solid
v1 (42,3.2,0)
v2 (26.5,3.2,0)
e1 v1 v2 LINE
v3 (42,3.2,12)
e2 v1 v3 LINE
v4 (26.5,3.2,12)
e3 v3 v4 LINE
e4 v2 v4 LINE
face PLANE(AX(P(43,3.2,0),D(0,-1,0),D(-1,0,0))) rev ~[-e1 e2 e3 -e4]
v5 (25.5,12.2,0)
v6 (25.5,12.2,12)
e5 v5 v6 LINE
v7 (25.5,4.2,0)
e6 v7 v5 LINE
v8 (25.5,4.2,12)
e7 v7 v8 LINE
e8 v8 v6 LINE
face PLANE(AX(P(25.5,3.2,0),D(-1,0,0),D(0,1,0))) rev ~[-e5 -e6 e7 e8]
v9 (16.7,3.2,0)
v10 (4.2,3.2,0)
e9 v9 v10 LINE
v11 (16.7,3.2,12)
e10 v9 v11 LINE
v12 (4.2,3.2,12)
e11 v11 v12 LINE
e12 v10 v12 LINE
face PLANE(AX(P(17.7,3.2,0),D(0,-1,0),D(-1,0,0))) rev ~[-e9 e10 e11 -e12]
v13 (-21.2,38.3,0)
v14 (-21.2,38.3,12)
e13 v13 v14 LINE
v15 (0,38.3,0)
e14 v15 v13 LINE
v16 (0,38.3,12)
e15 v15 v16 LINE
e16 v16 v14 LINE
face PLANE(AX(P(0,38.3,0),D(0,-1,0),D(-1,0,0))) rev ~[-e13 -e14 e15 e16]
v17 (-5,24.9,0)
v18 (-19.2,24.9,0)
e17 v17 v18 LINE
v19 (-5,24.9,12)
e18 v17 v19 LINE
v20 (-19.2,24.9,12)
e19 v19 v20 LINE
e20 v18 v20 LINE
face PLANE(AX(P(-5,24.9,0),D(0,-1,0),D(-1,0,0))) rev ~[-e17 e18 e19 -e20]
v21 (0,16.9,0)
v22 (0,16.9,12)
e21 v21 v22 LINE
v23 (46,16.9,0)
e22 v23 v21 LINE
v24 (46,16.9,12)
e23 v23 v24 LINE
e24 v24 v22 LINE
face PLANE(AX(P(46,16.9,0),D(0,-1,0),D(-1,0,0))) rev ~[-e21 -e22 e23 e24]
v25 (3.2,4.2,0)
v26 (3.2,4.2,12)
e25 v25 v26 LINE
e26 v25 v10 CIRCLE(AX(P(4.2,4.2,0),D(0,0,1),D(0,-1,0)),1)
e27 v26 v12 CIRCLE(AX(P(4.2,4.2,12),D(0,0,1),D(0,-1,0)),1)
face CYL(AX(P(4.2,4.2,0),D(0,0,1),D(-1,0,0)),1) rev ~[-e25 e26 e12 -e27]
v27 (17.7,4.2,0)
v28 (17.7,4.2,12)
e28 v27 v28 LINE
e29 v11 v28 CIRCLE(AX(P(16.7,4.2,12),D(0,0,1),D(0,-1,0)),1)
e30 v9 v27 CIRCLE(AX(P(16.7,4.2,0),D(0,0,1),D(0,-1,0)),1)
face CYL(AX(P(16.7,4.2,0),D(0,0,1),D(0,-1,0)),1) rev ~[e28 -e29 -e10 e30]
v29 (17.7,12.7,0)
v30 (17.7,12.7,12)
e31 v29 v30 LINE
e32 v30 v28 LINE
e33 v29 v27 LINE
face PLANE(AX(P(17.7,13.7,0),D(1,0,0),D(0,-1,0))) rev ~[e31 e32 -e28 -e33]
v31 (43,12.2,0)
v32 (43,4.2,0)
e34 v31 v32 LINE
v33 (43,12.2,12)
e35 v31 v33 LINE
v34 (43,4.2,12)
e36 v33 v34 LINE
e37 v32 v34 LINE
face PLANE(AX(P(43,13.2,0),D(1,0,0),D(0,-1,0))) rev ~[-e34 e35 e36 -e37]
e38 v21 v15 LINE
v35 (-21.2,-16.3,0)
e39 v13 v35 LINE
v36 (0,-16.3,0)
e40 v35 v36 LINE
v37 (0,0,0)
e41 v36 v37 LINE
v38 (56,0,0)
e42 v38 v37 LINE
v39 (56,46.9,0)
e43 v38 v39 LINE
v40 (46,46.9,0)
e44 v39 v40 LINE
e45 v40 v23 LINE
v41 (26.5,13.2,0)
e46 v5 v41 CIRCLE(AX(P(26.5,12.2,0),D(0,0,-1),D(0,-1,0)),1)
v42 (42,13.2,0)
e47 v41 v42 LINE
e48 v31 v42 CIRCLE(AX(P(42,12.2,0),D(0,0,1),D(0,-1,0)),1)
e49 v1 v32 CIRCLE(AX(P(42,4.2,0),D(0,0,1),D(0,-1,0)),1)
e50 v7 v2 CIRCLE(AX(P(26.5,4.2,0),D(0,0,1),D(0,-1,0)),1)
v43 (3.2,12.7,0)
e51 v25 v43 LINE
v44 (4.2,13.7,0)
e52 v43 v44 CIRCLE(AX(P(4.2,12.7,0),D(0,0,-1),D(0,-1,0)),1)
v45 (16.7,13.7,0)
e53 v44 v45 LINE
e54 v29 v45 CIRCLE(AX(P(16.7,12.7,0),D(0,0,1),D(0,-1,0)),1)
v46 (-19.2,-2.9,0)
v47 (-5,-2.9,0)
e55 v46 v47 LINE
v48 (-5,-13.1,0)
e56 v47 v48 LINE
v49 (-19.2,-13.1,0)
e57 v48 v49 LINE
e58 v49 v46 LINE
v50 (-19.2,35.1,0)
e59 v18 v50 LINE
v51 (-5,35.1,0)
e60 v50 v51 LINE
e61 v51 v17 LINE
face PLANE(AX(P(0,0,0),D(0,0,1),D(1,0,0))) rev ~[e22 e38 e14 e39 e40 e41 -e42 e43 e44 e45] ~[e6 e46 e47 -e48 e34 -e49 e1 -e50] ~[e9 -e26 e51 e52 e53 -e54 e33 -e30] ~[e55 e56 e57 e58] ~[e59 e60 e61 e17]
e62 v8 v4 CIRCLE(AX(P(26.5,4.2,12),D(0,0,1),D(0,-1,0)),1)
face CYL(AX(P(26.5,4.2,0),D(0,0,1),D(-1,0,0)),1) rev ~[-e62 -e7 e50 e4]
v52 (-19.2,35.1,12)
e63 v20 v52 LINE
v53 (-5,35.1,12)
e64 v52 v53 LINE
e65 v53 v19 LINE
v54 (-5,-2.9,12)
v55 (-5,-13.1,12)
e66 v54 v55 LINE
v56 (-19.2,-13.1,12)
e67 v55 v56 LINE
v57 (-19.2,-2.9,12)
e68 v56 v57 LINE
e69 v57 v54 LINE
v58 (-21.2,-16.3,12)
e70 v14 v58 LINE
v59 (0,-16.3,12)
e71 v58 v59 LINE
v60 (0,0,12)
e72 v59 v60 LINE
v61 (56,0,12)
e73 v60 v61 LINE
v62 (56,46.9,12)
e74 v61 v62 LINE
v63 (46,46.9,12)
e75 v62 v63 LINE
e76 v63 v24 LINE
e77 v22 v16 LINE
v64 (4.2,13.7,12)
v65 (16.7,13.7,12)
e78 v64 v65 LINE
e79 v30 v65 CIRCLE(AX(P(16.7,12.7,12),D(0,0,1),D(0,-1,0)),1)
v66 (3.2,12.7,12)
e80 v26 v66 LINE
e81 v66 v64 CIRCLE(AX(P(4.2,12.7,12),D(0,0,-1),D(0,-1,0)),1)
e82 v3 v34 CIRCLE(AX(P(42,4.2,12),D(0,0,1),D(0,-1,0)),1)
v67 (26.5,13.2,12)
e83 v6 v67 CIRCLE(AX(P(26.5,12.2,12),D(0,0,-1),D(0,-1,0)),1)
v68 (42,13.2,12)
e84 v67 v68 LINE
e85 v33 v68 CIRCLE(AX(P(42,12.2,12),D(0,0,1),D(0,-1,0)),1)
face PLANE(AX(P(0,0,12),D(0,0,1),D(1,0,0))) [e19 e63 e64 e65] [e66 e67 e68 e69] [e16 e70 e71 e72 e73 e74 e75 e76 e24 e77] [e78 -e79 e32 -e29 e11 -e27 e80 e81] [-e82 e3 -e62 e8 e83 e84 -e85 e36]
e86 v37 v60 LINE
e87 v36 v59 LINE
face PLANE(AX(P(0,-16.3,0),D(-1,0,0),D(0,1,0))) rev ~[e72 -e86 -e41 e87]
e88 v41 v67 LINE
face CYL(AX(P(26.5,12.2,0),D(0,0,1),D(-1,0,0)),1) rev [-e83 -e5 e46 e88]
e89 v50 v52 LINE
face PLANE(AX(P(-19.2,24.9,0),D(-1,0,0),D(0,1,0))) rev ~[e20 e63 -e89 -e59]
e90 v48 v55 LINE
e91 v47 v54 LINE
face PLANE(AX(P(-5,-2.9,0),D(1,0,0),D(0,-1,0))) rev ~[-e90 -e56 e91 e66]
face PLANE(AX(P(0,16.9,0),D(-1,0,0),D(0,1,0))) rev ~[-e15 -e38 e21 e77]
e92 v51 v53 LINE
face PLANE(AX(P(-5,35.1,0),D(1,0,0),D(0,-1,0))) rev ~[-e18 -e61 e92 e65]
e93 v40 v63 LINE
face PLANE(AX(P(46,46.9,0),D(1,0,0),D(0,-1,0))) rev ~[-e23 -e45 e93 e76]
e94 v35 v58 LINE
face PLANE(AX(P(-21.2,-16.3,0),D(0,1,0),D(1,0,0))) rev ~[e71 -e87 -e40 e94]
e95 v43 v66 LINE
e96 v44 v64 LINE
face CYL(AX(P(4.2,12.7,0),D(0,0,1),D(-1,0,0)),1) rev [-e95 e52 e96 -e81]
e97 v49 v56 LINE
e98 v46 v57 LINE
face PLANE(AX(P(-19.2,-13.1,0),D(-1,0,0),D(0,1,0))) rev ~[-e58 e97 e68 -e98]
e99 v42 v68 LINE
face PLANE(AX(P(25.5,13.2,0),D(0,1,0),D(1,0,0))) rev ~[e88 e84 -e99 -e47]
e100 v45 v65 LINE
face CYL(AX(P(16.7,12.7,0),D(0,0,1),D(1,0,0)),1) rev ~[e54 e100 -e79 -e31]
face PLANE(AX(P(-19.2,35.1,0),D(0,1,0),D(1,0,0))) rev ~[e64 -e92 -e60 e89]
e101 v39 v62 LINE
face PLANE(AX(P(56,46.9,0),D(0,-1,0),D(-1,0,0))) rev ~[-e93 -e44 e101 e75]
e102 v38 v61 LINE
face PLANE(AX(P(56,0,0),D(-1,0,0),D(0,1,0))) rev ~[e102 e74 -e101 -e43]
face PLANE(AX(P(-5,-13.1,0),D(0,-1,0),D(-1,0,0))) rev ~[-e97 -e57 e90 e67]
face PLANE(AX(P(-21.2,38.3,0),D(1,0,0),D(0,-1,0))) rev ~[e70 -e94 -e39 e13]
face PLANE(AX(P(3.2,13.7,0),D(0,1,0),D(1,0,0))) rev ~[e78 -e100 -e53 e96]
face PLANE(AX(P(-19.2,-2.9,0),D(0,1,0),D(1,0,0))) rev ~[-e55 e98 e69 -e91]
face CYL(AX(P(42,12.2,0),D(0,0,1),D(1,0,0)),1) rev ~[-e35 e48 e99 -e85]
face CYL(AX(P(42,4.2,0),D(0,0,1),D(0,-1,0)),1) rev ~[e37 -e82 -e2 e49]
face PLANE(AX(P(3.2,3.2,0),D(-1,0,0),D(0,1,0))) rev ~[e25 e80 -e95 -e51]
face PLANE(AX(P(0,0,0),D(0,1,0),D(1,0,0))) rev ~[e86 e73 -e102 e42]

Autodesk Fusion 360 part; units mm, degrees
sketch "スケッチ1" plane through (0, 0, 0) normal (0, 0, 1) x (1, 0, 0)
  line L0 (3.2, 13.7) -> (17.7, 13.7)
  line L1 (17.7, 13.7) -> (17.7, 3.2)
  line L2 (17.7, 3.2) -> (3.2, 3.2)
  line L3 (3.2, 3.2) -> (3.2, 13.7)
  line L4 (25.5, 13.2) -> (43, 13.2)
  line L5 (43, 13.2) -> (43, 3.2)
  line L6 (43, 3.2) -> (25.5, 3.2)
  line L7 (25.5, 3.2) -> (25.5, 13.2)
  line L8 (0, 0) -> (46, 0)
  line L9 (46, 0) -> (46, 16.9)
  line L10 (46, 16.9) -> (0, 16.9)
  line L11 (0, 16.9) -> (0, 0)
  line L12 (46, 0) -> (56, 0)
  line L13 (56, 0) -> (56, 46.9)
  line L14 (56, 46.9) -> (46, 46.9)
  line L15 (46, 46.9) -> (46, 0)
  line L16 (-19.2, 35.1) -> (-5, 35.1)
  line L17 (-5, 35.1) -> (-5, 24.9)
  line L18 (-5, 24.9) -> (-19.2, 24.9)
  line L19 (-19.2, 24.9) -> (-19.2, 35.1)
  line L20 (-19.2, -2.9) -> (-5, -2.9)
  line L21 (-5, -2.9) -> (-5, -13.1)
  line L22 (-5, -13.1) -> (-19.2, -13.1)
  line L23 (-19.2, -13.1) -> (-19.2, -2.9)
  line L24 (0, 16.9) -> (0, 38.3)
  line L25 (0, 38.3) -> (-21.2, 38.3)
  line L26 (-21.2, 38.3) -> (-21.2, -16.3)
  line L27 (-21.2, -16.3) -> (0, -16.3)
  line L28 (0, -16.3) -> (0, 0)
  dimension "d1" = 10.5
  dimension "d2" = 10
  dimension "d3" = 14.5
  dimension "d4" = 17.5
  dimension "d5" = 7.8
  dimension "d6" = 3.2
  dimension "d7" = 3.2
  dimension "d8" = 3.2
  dimension "d9" = 3.2
  dimension "d10" = 46
  dimension "d11" = 10
  dimension "d12" = 30
  dimension "d17" = 14.2
  dimension "d18" = 14.2
  dimension "d19" = 10.2
  dimension "d20" = 10.2
  dimension "d21" = 27.8
  dimension "d22" = 8
  dimension "d23" = 5
  dimension "d24" = 5
  dimension "d25" = 2
  dimension "d26" = 3.2
  dimension "d27" = 3.2
extrude "押し出し1" add sketch "スケッチ1" along normal blind 12
fillet "フィレット1" radius 1 8 edges at (3.2, 13.7, 6) (25.5, 13.2, 6) (3.2, 3.2, 6) (25.5, 3.2, 6) (43, 3.2, 6) (17.7, 3.2, 6) (43, 13.2, 6) (17.7, 13.7, 6)
